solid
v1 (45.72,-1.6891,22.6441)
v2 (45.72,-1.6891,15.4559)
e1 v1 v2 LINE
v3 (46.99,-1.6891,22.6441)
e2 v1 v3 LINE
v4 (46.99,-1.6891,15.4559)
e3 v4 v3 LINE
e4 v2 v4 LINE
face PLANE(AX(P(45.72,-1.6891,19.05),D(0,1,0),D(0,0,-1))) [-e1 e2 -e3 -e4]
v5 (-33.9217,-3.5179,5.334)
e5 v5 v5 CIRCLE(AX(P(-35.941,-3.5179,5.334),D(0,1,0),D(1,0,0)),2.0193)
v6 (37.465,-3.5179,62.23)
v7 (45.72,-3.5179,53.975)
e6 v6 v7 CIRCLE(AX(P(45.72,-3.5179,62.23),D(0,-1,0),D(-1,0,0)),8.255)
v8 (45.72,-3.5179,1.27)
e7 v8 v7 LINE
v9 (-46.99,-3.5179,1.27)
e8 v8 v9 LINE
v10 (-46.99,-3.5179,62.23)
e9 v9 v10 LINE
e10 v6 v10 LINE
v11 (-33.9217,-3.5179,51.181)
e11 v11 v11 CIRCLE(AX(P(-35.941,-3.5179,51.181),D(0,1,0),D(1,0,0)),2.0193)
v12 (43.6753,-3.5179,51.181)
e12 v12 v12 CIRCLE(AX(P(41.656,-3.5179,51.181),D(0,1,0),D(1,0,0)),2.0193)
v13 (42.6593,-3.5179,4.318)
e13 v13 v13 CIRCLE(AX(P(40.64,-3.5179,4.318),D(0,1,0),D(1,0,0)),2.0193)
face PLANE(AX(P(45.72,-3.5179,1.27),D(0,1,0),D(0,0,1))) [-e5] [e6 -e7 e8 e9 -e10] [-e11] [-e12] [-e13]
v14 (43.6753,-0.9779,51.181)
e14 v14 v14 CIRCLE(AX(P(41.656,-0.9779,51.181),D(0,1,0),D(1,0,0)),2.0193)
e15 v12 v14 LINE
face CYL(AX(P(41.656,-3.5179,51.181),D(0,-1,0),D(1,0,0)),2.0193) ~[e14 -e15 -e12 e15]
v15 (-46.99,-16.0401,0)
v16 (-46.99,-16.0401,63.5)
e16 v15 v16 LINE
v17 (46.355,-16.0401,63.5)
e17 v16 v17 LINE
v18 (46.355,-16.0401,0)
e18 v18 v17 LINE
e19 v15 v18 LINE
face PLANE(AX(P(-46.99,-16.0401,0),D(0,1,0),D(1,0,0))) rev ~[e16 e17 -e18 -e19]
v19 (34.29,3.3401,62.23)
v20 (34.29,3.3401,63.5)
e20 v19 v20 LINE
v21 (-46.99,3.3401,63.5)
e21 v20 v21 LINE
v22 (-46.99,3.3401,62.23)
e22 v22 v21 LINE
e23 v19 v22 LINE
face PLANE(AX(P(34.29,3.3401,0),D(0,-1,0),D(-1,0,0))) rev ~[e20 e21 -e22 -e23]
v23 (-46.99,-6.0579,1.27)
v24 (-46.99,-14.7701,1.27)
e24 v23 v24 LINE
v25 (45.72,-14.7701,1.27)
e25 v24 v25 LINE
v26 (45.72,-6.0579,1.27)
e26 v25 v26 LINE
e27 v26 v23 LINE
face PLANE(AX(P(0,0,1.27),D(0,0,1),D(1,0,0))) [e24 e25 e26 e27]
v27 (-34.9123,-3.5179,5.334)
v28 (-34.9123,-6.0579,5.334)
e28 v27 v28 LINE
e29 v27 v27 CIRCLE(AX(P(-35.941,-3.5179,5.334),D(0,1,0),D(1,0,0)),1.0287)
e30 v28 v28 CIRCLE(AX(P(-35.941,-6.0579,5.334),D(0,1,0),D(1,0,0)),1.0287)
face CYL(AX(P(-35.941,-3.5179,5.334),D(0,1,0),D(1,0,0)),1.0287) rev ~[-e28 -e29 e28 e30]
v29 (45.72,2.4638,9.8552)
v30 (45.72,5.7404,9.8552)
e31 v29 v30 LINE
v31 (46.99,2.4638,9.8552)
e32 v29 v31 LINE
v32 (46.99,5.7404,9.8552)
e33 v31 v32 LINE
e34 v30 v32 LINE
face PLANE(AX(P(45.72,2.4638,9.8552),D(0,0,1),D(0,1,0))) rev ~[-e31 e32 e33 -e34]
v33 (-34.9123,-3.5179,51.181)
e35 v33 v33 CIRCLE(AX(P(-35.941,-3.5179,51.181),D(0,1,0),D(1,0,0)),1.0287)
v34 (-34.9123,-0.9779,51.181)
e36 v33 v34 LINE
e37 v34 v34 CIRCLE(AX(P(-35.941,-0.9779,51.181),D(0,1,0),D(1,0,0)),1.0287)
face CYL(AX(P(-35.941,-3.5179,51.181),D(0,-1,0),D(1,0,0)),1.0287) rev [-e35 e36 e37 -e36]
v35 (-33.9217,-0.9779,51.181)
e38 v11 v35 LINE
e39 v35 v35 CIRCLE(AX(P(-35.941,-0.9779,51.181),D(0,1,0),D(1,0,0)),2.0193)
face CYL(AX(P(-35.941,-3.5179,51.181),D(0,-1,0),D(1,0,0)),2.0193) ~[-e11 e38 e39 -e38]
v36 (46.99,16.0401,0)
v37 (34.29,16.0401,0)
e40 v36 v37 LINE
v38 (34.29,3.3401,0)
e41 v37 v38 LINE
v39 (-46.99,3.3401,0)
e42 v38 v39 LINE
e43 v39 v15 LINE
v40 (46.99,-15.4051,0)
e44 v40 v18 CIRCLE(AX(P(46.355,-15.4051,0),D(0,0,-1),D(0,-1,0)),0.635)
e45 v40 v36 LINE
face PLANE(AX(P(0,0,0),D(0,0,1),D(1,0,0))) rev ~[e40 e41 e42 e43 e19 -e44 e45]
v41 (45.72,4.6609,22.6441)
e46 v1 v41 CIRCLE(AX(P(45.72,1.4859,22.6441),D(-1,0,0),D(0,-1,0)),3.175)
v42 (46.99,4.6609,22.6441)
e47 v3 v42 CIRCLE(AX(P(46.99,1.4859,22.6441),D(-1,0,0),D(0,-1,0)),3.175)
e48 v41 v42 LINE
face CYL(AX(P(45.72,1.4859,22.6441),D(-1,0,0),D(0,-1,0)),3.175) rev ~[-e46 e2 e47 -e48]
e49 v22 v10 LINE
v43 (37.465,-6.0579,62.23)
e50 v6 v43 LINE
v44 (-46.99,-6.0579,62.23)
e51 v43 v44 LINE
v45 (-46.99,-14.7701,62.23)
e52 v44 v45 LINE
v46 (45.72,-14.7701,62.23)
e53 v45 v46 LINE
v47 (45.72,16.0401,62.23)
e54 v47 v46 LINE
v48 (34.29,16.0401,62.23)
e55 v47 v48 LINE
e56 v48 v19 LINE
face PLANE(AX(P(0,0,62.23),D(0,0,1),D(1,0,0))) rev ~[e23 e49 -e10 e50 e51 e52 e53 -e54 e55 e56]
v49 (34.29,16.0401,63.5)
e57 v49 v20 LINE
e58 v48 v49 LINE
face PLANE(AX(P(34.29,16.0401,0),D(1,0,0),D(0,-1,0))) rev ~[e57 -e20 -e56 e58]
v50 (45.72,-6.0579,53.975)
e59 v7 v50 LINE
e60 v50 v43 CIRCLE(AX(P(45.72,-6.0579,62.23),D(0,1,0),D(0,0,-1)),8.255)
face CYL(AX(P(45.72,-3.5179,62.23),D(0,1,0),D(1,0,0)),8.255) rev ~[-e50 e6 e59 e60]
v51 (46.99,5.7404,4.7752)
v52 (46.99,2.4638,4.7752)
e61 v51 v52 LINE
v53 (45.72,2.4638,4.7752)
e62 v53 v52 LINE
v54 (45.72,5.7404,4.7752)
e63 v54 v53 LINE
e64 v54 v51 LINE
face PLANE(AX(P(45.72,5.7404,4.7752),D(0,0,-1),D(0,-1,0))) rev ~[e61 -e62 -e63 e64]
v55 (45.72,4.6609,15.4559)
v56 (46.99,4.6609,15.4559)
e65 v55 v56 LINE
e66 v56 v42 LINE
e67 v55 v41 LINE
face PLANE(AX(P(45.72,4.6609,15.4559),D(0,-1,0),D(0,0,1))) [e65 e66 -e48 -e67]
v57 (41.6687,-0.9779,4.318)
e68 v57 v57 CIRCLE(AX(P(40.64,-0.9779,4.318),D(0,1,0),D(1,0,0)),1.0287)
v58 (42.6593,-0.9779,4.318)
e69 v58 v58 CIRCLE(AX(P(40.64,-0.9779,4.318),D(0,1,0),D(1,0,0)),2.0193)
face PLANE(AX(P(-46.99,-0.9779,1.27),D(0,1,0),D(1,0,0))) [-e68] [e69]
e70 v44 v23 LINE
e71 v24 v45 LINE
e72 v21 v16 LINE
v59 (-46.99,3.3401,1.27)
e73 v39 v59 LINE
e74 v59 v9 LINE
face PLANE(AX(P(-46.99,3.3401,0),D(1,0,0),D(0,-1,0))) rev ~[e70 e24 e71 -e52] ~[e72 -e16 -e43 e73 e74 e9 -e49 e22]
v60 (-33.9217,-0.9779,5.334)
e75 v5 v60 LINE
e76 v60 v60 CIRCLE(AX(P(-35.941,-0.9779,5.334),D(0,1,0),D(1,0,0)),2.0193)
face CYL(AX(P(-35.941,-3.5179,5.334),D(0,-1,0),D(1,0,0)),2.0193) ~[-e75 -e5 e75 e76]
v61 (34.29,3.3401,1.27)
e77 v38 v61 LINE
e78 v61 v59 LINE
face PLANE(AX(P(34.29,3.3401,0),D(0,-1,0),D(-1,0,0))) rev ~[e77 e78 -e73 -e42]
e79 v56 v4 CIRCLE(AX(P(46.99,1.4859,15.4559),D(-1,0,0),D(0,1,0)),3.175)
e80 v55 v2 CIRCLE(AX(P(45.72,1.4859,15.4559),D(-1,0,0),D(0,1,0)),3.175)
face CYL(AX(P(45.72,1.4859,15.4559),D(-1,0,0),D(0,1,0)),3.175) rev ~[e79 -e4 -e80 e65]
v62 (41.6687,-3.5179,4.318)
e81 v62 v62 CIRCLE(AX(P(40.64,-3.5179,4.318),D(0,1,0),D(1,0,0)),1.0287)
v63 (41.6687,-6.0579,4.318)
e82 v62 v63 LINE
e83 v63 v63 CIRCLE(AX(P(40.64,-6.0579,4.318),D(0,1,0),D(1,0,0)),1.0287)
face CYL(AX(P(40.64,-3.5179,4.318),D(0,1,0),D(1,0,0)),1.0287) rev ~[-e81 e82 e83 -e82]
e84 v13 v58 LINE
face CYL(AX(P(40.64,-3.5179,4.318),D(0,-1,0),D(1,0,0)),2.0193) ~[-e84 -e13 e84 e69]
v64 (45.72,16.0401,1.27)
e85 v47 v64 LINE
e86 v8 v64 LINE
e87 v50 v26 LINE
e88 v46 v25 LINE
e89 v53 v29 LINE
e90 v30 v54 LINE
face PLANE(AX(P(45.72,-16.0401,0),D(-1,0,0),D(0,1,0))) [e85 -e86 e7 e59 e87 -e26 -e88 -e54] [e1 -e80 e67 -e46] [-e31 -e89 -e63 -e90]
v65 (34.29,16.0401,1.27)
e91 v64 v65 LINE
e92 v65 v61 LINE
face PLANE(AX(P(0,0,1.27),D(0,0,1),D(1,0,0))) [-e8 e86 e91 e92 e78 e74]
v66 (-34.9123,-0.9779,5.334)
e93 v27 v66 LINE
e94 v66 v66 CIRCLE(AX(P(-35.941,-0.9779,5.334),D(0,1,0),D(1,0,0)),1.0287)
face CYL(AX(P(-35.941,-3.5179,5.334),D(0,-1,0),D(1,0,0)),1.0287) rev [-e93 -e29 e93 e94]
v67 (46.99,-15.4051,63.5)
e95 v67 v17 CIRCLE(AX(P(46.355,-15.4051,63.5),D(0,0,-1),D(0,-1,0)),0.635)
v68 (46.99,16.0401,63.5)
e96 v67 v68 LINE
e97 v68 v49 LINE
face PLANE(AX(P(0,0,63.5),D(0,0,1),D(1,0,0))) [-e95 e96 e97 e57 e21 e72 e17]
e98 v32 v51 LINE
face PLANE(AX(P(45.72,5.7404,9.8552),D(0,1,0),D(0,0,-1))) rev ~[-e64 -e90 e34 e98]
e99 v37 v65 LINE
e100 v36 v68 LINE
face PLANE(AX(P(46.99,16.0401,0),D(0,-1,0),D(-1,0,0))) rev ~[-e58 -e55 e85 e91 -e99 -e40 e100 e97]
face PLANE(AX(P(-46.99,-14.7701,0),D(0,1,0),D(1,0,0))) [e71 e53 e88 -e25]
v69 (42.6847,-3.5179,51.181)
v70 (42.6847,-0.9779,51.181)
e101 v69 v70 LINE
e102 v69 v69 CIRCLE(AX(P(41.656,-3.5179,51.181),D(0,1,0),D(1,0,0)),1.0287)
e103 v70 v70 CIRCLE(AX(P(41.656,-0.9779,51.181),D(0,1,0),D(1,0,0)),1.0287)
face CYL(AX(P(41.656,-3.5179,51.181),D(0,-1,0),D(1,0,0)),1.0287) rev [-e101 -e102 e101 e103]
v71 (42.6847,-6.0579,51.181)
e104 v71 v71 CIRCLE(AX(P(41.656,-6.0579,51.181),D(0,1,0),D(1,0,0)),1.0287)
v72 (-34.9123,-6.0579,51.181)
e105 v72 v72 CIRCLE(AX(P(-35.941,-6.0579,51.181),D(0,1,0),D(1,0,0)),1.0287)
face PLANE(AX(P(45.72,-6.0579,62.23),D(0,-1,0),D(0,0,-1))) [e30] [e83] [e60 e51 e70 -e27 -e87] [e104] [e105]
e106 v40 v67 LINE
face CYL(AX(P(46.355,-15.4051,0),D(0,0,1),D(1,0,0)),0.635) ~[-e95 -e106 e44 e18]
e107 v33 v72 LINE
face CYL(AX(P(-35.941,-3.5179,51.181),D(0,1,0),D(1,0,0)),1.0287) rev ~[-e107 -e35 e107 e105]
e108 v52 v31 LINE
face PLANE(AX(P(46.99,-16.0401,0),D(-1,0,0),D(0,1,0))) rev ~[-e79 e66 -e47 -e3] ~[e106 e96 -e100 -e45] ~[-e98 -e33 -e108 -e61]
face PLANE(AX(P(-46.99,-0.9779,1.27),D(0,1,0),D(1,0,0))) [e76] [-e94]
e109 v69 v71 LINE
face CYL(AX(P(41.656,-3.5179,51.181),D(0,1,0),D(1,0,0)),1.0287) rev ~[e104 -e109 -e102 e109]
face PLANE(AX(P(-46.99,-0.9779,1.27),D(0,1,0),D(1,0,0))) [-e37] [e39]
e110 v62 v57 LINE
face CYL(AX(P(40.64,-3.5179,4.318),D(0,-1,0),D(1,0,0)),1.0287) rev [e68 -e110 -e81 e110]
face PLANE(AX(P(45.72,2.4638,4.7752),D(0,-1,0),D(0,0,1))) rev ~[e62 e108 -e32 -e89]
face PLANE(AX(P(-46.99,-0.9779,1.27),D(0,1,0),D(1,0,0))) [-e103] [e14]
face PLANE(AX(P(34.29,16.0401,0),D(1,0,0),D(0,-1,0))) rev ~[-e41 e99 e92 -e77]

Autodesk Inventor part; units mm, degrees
ref_plane "YZ Plane" through (0, 0, 0) normal (1, 0, 0) x (0, 1, 0)
ref_plane "XZ Plane" through (0, 0, 0) normal (0, 1, 0) x (-1, 0, 0)
ref_plane "XY Plane" through (0, 0, 0) normal (0, 0, 1) x (1, 0, 0)
sketch "Sketch1" plane through (0, 0, 0) normal (0, 0, 1) x (1, 0, 0)
  line L0 (-46.99, -16.0401) -> (46.99, -16.0401)
  line L1 (46.99, -16.0401) -> (46.99, 16.0401)
  line L2 (46.99, 16.0401) -> (-46.99, 16.0401)
  line L3 (-46.99, 16.0401) -> (-46.99, -16.0401)
  line L4 (-46.99, -16.0401) -> (46.99, 16.0401) construction
  line L5 (46.99, -16.0401) -> (-46.99, 16.0401) construction
  line L6 (46.99, 16.0401) -> (34.29, 16.0401)
  line L7 (34.29, 16.0401) -> (34.29, 3.3401)
  line L8 (34.29, 3.3401) -> (-46.99, 3.3401)
  point P0 (0, 0)
  dimension "d0" = 93.98
  dimension "d1" = 32.0802
  dimension "d2" = 12.7
  dimension "d3" = 12.7
extrude "Extrusion1" add sketch "Sketch1" along normal blind 63.5 contours L3 L8 L7 L2 L1 L0
shell "Shell1" thickness 1.27 removed faces 4 at (-46.99, -3.12, 21.1667) at (7.1967, 3.3401, 21.1667) at (34.29, 11.8068, 42.3333) at (42.7567, 16.0401, 21.1667)
sketch "Sketch2" plane through (45.72, -14.7701, 1.27) normal (-1, 0, 0) x (0, 0, 1)
  line L0 (0, 0) -> (0, 8.7122)
  line L1 (0, 8.7122) -> (0, 11.2522)
  line L2 (0, 0) -> (0, 30.8102) projected
  line L3 (0, 11.2522) -> (0, 16.3322)
  line L4 (0, 18.1102) -> (0, 30.8102) projected
  line L5 (0, 16.3322) -> (0, 30.8102)
  line L6 (0, 11.2522) -> (60.96, 11.2522)
  line L7 (60.96, 18.1102) -> (60.96, 0) projected
  line L8 (60.96, 8.7122) -> (0, 8.7122)
  point P0 (-1.27, 14.7701)
  point P1 (60.96, 8.7122)
  dimension "d7" = 8.7122
  dimension "d8" = 2.54
  dimension "d9" = 5.08
  dimension "d10" = 14.478
extrude "Extrusion2" add sketch "Sketch2" along normal up to surface (92.71 mm away)
sketch "Sketch3" plane through (45.72, -3.5179, 62.23) normal (0, 1, 0) x (1, 0, 0)
  line L0 (0, 0) -> (-11.43, 0) projected
  circle A0 centre (0, 0) radius 8.255
  line L1 (0, 60.96) -> (0, 0) projected
  line L2 (0, 8.255) -> (0, 0)
  line L3 (0, 0) -> (-8.255, 0)
  line L4 (-11.43, 60.96) -> (0, 60.96) projected
  line L5 (0, 60.96) -> (-85.725, 60.96)
  line L6 (-85.725, 60.96) -> (-85.725, 3.81)
  line L7 (-85.725, 3.81) -> (0, 3.81)
  line L8 (0, 3.81) -> (0, 60.96)
  arc A1 (-5.1304, 6.4672) -> (-2.2995, 7.9283) centre (0, 0) ccw
  line L9 (0, 0) -> (-92.71, 0) projected
  line L10 (0, 8.255) -> (0, 0)
  line L11 (0, 0) -> (-8.255, 0)
  point P0 (-45.72, 62.23)
  dimension "d13" = 16.51
  dimension "d37" = 85.725
  dimension "d38" = 57.15
extrude "Extrusion3" cut sketch "Sketch3" against normal up to surface (2.54 mm away) contours L0 A0 L7 L1 | L7 A0 L1
sketch "Sketch4" plane through (-46.99, -3.5179, 1.27) normal (0, 1, 0) x (1, 0, 0)
  line L0 (93.98, 1.27) -> (93.98, -62.23) projected
  line L1 (92.71, 0) -> (6.985, 0)
  line L2 (6.985, 0) -> (6.985, -53.975)
  line L3 (6.985, -53.975) -> (92.71, -53.975)
  line L4 (92.71, -53.975) -> (92.71, 0)
  circle A0 centre (87.63, -3.048) radius 1.0287
  circle A1 centre (88.646, -49.911) radius 1.0287
  circle A2 centre (11.049, -49.911) radius 1.0287
  circle A3 centre (11.049, -4.064) radius 1.0287
  circle A4 centre (11.049, -4.064) radius 2.0193
  circle A5 centre (11.049, -49.911) radius 2.0193
  circle A6 centre (87.63, -3.048) radius 2.0193
  circle A7 centre (88.646, -49.911) radius 2.0193
  point P0 (46.99, 1.27)
  dimension "d19" = 85.725
  dimension "d20" = 53.975
  dimension "d21" = 3.048
  dimension "d22" = 5.08
  dimension "d23" = 4.064
  dimension "d24" = 4.064
  dimension "d25" = 4.064
  dimension "d26" = 4.064
  dimension "d27" = 4.064
  dimension "d28" = 4.064
  dimension "d29" = 2.0574
  dimension "d30" = 2.0574
  dimension "d31" = 2.0574
  dimension "d32" = 2.0574
  dimension "d33" = 4.0386
  dimension "d34" = 4.0386
  dimension "d35" = 4.0386
  dimension "d36" = 4.0386
extrude "Extrusion4" add sketch "Sketch4" along normal blind 2.54 contours A4 | A5 | A6 | A7
sketch "Sketch5" plane through (-46.99, -3.5179, 1.27) normal (0, 1, 0) x (1, 0, 0)
  circle A0 centre (11.049, -4.064) radius 1.0287 projected
  circle A1 centre (87.63, -3.048) radius 1.0287 projected
  circle A2 centre (88.646, -49.911) radius 1.0287 projected
  circle A3 centre (11.049, -49.911) radius 1.0287 projected
  point P0 (46.99, 1.27)
extrude "Extrusion5" cut sketch "Sketch5" against normal blind 2.54
sketch "Sketch6" plane through (45.72, -14.7701, 62.23) normal (-1, 0, 0) x (0, 0, 1)
  line L0 (-57.4548, 17.2339) -> (-52.3748, 17.2339)
  line L1 (-52.3748, 17.2339) -> (-52.3748, 20.5105)
  line L2 (-52.3748, 20.5105) -> (-57.4548, 20.5105)
  line L3 (-57.4548, 20.5105) -> (-57.4548, 17.2339)
  line L4 (-57.4548, 17.2339) -> (-52.3748, 20.5105) construction
  line L5 (-52.3748, 17.2339) -> (-57.4548, 20.5105) construction
  line L6 (-54.8767, 13.7922) -> (-58.9153, 13.7922) projected
  line L7 (-62.23, 30.8102) -> (-62.23, 18.1102) projected
  line L8 (-62.23, 18.1102) -> (-62.23, -1.27) projected
  line L9 (-43.18, 13.081) -> (-39.5859, 13.081)
  line L10 (-43.18, 13.081) -> (-46.7741, 13.081)
  line L11 (-46.7741, 19.431) -> (-39.5859, 19.431)
  arc A0 (-46.7741, 19.431) -> (-46.7741, 13.081) centre (-46.7741, 16.256) ccw
  arc A1 (-39.5859, 13.081) -> (-39.5859, 19.431) centre (-39.5859, 16.256) ccw
  point P0 (-62.23, 14.7701)
  point P1 (-54.9148, 18.8722)
  point P2 (-43.18, 16.256)
  dimension "d46" = 5.08
  dimension "d47" = 3.2766
  dimension "d48" = 5.08
  dimension "d49" = 7.3152
  dimension "d62" = 19.05
  dimension "d63" = 2.4638
  dimension "d65" = 3.5941
  dimension "d66" = 3.5941
extrude "Extrusion6" cut sketch "Sketch6" against normal up to surface (1.27 mm away)
fillet "Fillet1" radius 0.635 1 edges at (46.99, -16.0401, 31.75)
properties part number "SD2104_case_design2"
